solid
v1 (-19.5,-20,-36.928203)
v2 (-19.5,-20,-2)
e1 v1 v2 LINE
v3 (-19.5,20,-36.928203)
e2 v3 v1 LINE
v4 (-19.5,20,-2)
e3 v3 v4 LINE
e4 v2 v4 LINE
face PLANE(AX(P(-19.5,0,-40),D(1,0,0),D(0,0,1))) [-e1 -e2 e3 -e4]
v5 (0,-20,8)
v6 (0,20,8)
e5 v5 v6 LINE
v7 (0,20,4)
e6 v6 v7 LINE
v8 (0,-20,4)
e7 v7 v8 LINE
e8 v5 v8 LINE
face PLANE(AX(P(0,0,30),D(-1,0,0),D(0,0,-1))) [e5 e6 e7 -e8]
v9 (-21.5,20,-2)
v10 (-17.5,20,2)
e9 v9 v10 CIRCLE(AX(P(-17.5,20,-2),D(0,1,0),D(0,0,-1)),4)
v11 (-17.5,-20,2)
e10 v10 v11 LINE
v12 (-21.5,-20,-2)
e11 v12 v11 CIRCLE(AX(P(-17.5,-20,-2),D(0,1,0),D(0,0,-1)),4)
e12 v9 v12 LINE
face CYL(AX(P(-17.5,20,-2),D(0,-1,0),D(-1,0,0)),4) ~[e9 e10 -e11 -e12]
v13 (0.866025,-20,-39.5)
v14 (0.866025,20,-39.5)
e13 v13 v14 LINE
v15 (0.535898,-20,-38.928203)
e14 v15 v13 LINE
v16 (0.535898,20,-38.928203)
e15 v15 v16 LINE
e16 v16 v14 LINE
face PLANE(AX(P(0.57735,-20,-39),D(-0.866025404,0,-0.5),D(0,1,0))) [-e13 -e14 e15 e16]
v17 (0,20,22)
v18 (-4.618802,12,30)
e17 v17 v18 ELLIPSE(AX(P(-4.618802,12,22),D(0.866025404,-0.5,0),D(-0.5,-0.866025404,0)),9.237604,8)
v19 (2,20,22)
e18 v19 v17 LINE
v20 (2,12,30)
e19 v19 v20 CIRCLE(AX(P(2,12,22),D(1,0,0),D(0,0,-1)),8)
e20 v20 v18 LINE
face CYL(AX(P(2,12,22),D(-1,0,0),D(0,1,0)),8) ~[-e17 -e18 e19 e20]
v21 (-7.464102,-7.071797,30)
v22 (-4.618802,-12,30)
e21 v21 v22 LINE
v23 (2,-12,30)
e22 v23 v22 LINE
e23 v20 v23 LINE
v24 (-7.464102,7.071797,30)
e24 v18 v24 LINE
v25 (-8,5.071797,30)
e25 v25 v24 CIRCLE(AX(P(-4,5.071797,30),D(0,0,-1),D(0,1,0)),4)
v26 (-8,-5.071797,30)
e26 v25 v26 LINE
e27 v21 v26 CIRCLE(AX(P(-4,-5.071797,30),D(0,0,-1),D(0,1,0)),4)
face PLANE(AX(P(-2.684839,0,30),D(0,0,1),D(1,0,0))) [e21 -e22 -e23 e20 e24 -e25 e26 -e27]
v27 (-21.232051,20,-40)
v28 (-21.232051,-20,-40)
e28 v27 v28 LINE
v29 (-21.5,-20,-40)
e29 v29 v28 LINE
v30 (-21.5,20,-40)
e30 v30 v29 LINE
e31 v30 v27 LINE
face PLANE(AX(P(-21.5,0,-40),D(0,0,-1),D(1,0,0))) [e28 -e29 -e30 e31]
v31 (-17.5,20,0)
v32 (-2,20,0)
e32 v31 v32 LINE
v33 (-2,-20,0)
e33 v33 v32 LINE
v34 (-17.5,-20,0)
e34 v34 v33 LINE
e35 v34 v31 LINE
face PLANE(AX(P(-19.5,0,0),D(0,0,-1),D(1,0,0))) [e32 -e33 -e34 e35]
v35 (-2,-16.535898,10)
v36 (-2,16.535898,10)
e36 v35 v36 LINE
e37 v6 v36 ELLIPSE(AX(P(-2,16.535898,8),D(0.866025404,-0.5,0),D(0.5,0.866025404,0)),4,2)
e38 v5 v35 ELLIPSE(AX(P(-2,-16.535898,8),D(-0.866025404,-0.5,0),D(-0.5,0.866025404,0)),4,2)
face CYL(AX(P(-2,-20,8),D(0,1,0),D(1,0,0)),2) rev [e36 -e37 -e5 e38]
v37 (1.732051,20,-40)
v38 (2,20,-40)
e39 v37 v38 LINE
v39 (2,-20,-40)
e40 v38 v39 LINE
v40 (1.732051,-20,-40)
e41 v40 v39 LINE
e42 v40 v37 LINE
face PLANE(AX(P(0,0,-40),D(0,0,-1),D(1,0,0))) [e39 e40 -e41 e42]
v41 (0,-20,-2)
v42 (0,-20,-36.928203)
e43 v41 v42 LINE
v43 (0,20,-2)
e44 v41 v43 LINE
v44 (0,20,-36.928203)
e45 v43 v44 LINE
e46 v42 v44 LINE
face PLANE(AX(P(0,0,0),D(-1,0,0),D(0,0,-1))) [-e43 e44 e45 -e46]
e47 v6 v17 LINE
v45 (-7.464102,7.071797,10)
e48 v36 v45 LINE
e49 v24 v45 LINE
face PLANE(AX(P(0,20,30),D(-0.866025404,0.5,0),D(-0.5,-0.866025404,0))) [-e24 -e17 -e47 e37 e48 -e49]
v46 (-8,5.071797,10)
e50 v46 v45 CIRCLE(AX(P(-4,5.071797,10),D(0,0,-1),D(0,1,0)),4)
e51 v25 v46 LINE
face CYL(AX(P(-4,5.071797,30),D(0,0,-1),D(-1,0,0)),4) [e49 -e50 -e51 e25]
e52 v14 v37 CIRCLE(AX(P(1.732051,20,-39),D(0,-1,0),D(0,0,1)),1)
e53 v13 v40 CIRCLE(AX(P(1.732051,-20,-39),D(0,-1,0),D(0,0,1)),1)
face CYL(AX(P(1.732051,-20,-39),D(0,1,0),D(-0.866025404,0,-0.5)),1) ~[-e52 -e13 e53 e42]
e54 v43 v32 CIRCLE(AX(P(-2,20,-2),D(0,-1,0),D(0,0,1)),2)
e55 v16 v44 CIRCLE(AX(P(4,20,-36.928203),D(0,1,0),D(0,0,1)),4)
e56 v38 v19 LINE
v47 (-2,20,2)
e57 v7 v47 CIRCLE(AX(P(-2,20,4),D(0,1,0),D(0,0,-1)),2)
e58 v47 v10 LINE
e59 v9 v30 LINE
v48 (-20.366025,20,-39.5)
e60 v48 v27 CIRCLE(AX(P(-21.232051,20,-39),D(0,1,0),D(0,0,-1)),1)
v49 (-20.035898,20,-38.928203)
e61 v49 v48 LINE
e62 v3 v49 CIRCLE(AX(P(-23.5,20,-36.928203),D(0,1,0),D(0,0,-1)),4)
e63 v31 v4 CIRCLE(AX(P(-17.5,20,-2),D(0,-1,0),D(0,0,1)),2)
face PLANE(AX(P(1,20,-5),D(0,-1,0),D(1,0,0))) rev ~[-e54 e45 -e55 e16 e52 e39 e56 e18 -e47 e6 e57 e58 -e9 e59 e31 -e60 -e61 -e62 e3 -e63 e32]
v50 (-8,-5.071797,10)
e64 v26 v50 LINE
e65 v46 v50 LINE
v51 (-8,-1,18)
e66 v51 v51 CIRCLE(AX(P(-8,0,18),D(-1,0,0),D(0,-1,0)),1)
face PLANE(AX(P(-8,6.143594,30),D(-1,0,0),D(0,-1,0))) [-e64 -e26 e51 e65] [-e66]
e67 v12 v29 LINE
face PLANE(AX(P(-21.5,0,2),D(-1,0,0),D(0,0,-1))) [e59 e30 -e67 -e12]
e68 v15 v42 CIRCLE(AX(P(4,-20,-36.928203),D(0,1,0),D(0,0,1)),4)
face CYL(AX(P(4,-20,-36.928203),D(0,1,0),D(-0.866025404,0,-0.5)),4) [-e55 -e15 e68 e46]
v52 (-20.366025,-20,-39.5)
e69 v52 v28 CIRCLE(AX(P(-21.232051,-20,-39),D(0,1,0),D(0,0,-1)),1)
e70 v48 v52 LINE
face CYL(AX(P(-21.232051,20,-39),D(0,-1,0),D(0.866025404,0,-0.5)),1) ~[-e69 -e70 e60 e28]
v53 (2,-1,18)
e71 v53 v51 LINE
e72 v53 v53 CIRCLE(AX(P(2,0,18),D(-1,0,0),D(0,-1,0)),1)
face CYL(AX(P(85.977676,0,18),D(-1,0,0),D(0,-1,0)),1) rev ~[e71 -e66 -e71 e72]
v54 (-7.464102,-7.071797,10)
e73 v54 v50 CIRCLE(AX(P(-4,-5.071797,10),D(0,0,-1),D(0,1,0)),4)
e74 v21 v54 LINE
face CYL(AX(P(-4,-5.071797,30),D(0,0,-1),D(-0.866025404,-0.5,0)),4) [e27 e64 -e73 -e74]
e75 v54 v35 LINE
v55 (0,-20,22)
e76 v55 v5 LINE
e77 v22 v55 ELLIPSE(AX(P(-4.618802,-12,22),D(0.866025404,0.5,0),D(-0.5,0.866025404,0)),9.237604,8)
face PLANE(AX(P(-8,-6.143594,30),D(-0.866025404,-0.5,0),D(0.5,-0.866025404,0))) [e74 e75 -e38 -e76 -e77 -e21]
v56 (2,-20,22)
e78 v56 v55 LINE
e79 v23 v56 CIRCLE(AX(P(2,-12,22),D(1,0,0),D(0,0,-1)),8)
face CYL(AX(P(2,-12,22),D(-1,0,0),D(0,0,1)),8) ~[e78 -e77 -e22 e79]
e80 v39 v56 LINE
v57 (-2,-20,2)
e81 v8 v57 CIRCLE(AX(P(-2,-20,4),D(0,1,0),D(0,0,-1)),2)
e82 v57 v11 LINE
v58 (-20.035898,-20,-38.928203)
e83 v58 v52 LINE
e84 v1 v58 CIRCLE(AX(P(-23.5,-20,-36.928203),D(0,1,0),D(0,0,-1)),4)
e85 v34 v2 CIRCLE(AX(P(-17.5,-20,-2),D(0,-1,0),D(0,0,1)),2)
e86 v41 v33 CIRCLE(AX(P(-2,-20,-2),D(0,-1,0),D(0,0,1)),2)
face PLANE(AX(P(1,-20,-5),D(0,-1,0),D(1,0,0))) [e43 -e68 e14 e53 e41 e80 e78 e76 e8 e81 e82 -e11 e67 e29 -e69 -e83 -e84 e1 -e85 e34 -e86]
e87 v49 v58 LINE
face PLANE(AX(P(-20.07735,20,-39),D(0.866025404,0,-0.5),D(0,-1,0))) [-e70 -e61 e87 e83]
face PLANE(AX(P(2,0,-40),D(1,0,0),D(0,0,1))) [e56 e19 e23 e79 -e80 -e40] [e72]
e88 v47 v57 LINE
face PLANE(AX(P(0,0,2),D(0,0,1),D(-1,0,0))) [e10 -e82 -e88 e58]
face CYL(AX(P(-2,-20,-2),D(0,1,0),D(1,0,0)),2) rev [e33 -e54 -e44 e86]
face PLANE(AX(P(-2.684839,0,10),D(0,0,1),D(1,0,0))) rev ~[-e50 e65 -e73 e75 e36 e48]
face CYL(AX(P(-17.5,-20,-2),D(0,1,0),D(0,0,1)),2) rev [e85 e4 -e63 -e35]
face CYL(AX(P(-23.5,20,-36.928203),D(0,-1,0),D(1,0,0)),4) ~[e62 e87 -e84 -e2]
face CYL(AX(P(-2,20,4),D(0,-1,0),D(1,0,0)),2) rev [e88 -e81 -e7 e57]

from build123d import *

# Parameters (mm, degrees)
F1_DEPTH = 20
F3_DEPTH = 20
F5_D     = 2
F6_SIZE2 = 1.1547005384
F6_SIZE  = 2
F7_SIZE2 = 1.1547005384
F7_SIZE  = 2
F8_R     = 1
F9_R     = 2
F10_R    = 4
F11_R    = 8


with BuildPart() as f1:
    # F0 (on Front) → F1 (new body, symmetric)
    with BuildSketch(Plane.XZ):
        Polygon((0, 2), (0, 0), (0, -40), (2, -40), (2, 30), (0, 30), align=None)
        Polygon((-19.5, -40), (-19.5, 0), (0, 0), (0, 2), (-21.5, 2), (-21.5, -40), align=None)
    extrude(amount=F1_DEPTH, both=True)

    # F2 (on face) → F3 (join)
    with BuildSketch(Plane.XY.offset(30)):
        Polygon((0, -20), (0, 20), (-8, 6.1435935394), (-8, -6.1435935394), align=None)
    extrude(amount=-F3_DEPTH)

    # F5 (through all)
    with Locations(Plane.YZ.offset(2)):
        with Locations((0, 18)):
            Hole(F5_D / 2)

    # F6
    f6_edges = [f1.edges().sort_by_distance(p)[0] for p in [
        (-19.5, 0, -40),
    ]]
    f6_side = f1.faces().sort_by_distance((-19.5, 0, -20))[0]
    chamfer(f6_edges, length=F6_SIZE, length2=F6_SIZE2, reference=f6_side)

    # F7
    f7_edges = [f1.edges().sort_by_distance(p)[0] for p in [
        (0, 0, -40),
    ]]
    f7_side = f1.faces().sort_by_distance((0, 0, -20))[0]
    chamfer(f7_edges, length=F7_SIZE, length2=F7_SIZE2, reference=f7_side)

    # F8
    f8_edges = [f1.edges().sort_by_distance(p)[0] for p in [
        (-20.654701, 0, -40),
        (1.154701, 0, -40),
    ]]
    fillet(f8_edges, radius=F8_R)

    # F9
    f9_edges = [f1.edges().sort_by_distance(p)[0] for p in [
        (0, 0, 2),
        (-19.5, 0, 0),
        (0, 0, 0),
        (0, 0, 10),
    ]]
    fillet(f9_edges, radius=F9_R)

    # F10
    f10_edges = [f1.edges().sort_by_distance(p)[0] for p in [
        (-21.5, 0, 2),
        (-8, -6.143594, 20),
        (-8, 6.143594, 20),
        (-19.5, 0, -38),
        (0, 0, -38),
    ]]
    fillet(f10_edges, radius=F10_R)

    # F11
    f11_edges = [f1.edges().sort_by_distance(p)[0] for p in [
        (1, -20, 30),
        (1, 20, 30),
    ]]
    fillet(f11_edges, radius=F11_R)


solid = f1.part
